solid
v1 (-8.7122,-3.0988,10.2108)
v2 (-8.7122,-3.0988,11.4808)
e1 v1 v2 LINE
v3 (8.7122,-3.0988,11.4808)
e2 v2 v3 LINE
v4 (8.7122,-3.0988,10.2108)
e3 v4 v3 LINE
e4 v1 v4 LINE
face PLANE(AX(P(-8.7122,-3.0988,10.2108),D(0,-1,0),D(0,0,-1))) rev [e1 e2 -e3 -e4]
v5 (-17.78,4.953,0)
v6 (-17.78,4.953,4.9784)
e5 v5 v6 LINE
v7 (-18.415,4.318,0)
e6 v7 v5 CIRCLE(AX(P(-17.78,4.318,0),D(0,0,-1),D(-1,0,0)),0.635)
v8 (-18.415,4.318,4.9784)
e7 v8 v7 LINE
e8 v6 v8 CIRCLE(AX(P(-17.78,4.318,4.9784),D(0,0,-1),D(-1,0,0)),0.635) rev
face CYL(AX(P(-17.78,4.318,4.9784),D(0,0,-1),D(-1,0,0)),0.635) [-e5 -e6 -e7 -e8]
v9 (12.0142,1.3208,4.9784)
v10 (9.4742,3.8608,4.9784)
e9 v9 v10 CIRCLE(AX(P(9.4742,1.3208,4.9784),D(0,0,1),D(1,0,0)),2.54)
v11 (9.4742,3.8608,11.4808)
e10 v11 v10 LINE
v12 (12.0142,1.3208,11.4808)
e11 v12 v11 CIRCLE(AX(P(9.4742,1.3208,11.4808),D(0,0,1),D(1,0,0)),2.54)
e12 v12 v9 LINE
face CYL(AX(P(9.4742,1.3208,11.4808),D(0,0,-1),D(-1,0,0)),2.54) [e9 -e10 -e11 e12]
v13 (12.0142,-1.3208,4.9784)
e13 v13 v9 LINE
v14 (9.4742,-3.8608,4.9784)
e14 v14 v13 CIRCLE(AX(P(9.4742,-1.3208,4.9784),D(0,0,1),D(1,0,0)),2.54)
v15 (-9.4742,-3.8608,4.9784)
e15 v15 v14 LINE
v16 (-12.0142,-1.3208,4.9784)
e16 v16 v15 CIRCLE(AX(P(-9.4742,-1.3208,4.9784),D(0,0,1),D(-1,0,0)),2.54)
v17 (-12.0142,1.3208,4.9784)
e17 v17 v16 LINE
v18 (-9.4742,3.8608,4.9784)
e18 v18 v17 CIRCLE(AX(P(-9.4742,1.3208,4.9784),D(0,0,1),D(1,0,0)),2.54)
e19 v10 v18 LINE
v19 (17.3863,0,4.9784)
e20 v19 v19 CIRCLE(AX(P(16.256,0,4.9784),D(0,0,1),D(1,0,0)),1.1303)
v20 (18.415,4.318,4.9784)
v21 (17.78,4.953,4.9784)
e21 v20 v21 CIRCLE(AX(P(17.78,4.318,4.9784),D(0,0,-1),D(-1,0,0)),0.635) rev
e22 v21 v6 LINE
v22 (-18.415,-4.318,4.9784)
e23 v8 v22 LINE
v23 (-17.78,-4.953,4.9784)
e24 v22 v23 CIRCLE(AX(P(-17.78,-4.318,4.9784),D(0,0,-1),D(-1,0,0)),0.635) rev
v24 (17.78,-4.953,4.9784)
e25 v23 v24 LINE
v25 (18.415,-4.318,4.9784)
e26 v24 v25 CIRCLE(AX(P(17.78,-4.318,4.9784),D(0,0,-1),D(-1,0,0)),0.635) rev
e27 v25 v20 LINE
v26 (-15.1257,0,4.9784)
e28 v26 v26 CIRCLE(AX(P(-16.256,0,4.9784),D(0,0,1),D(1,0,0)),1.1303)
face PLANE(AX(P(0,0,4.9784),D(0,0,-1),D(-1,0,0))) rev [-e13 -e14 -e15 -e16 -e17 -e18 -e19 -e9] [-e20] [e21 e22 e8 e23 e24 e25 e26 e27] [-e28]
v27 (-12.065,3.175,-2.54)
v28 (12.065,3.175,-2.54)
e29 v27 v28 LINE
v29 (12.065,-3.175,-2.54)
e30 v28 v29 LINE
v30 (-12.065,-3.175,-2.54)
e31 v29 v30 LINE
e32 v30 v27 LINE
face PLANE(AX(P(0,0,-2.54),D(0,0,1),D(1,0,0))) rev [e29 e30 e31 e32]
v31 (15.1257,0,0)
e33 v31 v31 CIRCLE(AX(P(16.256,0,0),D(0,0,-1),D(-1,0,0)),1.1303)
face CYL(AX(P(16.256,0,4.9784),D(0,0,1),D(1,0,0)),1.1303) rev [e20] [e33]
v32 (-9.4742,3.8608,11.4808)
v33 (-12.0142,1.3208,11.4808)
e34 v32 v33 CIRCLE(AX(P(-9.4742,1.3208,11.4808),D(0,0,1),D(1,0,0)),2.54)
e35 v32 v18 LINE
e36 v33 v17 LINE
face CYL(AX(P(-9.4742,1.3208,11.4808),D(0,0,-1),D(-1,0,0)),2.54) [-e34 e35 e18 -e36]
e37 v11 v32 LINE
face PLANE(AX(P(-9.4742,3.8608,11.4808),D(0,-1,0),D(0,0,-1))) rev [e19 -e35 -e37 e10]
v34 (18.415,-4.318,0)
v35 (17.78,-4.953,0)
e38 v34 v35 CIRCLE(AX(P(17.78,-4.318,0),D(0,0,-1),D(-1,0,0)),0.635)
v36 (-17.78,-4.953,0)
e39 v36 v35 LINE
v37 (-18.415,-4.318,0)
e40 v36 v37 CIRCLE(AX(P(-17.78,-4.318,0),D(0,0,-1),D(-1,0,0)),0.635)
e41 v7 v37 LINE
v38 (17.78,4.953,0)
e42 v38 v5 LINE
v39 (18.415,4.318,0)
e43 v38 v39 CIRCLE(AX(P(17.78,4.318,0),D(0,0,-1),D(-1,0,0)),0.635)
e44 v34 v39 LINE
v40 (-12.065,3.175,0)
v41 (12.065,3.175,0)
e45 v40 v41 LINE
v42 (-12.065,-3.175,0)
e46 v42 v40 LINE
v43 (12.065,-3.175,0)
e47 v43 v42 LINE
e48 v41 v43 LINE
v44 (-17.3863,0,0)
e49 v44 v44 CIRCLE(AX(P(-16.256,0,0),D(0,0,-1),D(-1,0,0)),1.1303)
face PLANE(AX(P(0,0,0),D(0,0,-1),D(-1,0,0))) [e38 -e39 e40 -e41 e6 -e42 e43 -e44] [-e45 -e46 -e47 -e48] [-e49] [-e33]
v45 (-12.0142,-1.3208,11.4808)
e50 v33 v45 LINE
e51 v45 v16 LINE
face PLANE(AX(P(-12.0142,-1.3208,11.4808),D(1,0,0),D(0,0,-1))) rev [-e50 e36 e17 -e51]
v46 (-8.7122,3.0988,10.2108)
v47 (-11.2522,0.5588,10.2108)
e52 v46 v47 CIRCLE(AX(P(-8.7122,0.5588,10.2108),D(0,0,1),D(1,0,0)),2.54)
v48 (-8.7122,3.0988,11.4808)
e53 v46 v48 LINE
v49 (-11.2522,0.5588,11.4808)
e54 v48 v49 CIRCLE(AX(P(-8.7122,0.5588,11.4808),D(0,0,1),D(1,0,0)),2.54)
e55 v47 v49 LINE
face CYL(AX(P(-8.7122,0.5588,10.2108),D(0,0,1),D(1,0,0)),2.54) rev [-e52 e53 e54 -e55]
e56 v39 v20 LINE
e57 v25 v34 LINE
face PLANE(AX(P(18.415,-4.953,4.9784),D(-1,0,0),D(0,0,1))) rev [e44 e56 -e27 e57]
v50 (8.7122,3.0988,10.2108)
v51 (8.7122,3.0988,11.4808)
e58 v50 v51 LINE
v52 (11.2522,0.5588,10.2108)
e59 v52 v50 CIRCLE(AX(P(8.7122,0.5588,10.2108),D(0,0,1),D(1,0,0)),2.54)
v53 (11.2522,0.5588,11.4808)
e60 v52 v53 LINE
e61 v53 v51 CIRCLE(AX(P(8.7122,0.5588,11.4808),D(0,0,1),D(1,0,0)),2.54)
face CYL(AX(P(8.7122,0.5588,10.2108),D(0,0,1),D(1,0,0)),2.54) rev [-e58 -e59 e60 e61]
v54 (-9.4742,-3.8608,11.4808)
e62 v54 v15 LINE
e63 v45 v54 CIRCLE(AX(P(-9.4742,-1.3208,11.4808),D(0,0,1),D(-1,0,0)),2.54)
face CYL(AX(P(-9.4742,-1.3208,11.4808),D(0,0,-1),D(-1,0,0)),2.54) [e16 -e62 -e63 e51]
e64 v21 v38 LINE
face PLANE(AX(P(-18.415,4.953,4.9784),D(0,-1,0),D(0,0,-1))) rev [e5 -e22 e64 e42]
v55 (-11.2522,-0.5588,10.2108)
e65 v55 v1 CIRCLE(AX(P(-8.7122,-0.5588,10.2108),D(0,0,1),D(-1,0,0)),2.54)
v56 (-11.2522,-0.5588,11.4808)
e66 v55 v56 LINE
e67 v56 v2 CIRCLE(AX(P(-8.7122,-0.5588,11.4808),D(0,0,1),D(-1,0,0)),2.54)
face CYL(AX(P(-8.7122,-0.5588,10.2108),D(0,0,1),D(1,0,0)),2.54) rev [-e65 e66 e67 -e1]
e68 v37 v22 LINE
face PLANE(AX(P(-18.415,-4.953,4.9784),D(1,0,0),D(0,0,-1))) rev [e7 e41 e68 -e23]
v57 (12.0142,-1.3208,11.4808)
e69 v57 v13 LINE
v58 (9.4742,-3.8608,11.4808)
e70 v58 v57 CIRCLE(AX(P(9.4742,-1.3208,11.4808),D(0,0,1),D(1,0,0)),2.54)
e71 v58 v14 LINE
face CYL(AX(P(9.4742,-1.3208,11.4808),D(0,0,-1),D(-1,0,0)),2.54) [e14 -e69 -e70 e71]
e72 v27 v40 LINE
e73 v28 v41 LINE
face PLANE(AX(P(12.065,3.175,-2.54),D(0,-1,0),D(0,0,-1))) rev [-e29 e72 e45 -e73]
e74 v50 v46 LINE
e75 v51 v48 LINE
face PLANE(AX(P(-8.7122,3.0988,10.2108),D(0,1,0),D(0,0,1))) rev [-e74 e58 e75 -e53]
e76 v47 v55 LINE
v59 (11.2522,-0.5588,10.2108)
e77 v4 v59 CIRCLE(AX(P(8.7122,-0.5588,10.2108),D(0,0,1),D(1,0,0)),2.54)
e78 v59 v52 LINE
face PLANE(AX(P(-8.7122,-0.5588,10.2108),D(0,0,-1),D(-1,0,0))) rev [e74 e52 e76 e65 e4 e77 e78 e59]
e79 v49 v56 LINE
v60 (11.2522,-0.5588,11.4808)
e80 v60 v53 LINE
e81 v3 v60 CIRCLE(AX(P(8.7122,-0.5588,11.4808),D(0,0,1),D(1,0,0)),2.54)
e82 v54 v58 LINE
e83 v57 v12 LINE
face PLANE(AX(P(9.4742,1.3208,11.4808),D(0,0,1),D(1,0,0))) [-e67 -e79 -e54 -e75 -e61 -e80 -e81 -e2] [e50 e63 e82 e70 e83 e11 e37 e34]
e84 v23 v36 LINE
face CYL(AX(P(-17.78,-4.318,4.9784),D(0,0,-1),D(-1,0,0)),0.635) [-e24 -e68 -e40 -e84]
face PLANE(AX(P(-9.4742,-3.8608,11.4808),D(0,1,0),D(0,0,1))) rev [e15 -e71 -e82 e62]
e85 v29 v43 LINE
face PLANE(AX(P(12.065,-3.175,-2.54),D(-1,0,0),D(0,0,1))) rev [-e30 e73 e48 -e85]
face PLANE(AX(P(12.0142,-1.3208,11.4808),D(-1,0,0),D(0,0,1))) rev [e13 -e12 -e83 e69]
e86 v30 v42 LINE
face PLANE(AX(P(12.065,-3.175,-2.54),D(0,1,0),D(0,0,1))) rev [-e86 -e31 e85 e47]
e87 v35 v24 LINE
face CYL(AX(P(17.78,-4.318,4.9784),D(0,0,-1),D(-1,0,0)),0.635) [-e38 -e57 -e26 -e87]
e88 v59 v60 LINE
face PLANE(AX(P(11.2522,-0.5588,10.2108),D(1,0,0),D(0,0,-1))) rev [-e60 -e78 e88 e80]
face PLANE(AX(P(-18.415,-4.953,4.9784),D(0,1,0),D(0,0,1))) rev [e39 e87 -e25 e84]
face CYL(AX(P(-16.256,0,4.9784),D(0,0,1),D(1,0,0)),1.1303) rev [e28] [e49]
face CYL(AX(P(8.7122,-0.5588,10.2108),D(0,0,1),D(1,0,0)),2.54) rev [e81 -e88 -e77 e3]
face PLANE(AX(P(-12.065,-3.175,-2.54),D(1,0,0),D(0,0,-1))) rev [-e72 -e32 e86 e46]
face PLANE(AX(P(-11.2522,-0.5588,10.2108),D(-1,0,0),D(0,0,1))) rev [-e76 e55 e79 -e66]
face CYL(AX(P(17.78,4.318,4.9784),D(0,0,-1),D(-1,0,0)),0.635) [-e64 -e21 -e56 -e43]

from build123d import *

# Parameters (mm, degrees)
SKETCH1_W                 = 36.83
SKETCH1_H                 = 9.906
BASE_DEPTH                = 4.9784
BOSS_EXTRUDE2_DEPTH       = 6.5024
F_4_40_TAPPED_HOLE1_D     = 2.2606
F_4_40_TAPPED_HOLE1_DEPTH = 7.5946
F_4_40_TAPPED_HOLE1_TIP   = 0.679152758
SKETCH5_W                 = 24.13
SKETCH5_H                 = 6.35
BOSS_EXTRUDE3_DEPTH       = 2.54
CUT_EXTRUDE1_DEPTH        = 1.27
FILLET1_R                 = 0.635


with BuildPart() as part:
    # Sketch1 → Base (new body)
    with BuildSketch(Plane.XY):
        Rectangle(SKETCH1_W, SKETCH1_H)
    extrude(amount=BASE_DEPTH)

    # Sketch2 → Boss-Extrude2 (add)
    with BuildSketch(Plane.XY.offset(4.9784)):
        with BuildLine():
            Line((-9.4742, -3.8608), (9.4742, -3.8608))
            ThreePointArc((9.4742, -3.8608), (11.270251224, -3.116851224), (12.0142, -1.3208))
            Line((12.0142, -1.3208), (12.0142, 1.3208))
            ThreePointArc((12.0142, 1.3208), (11.270251224, 3.116851224), (9.4742, 3.8608))
            Line((9.4742, 3.8608), (-9.4742, 3.8608))
            ThreePointArc((-9.4742, 3.8608), (-11.270251224, 3.116851224), (-12.0142, 1.3208))
            Line((-12.0142, 1.3208), (-12.0142, -1.3208))
            ThreePointArc((-12.0142, -1.3208), (-11.270251224, -3.116851224), (-9.4742, -3.8608))
        make_face()
    extrude(amount=BOSS_EXTRUDE2_DEPTH)

    # #4-40 Tapped Hole1
    with Locations(Plane.XY.offset(4.9784)):
        with Locations((-16.256, 0), (16.256, 0)):
            Hole(F_4_40_TAPPED_HOLE1_D / 2, depth=F_4_40_TAPPED_HOLE1_DEPTH)
            with Locations((0, 0, -(F_4_40_TAPPED_HOLE1_DEPTH + F_4_40_TAPPED_HOLE1_TIP / 2))):  # 118° drill point
                Cone(0, F_4_40_TAPPED_HOLE1_D / 2, F_4_40_TAPPED_HOLE1_TIP, mode=Mode.SUBTRACT)

    # Sketch5 → Boss-Extrude3 (add)
    with BuildSketch(Plane(origin=(0, 0, 0), x_dir=(-1, 0, 0), z_dir=(0, 0, -1))):
        Rectangle(SKETCH5_W, SKETCH5_H)
    extrude(amount=BOSS_EXTRUDE3_DEPTH)

    # Sketch6 → Cut-Extrude1 (cut)
    with BuildSketch(Plane.XY.offset(11.4808)):
        with BuildLine():
            Line((-8.7122, -3.0988), (8.7122, -3.0988))
            ThreePointArc((8.7122, -3.0988), (10.508251224, -2.354851224), (11.2522, -0.5588))
            Line((11.2522, -0.5588), (11.2522, 0.5588))
            ThreePointArc((11.2522, 0.5588), (10.508251224, 2.354851224), (8.7122, 3.0988))
            Line((8.7122, 3.0988), (-8.7122, 3.0988))
            ThreePointArc((-8.7122, 3.0988), (-10.508251224, 2.354851224), (-11.2522, 0.5588))
            Line((-11.2522, 0.5588), (-11.2522, -0.5588))
            ThreePointArc((-11.2522, -0.5588), (-10.508251224, -2.354851224), (-8.7122, -3.0988))
        make_face()
    extrude(amount=-CUT_EXTRUDE1_DEPTH, mode=Mode.SUBTRACT)

    # Fillet1
    fillet1_edges = [part.edges().sort_by_distance(p)[0] for p in [
        (18.415, -4.953, 2.4892),
        (-18.415, -4.953, 2.4892),
        (-18.415, 4.953, 2.4892),
        (18.415, 4.953, 2.4892),
    ]]
    fillet(fillet1_edges, radius=FILLET1_R)


solid = part.part
